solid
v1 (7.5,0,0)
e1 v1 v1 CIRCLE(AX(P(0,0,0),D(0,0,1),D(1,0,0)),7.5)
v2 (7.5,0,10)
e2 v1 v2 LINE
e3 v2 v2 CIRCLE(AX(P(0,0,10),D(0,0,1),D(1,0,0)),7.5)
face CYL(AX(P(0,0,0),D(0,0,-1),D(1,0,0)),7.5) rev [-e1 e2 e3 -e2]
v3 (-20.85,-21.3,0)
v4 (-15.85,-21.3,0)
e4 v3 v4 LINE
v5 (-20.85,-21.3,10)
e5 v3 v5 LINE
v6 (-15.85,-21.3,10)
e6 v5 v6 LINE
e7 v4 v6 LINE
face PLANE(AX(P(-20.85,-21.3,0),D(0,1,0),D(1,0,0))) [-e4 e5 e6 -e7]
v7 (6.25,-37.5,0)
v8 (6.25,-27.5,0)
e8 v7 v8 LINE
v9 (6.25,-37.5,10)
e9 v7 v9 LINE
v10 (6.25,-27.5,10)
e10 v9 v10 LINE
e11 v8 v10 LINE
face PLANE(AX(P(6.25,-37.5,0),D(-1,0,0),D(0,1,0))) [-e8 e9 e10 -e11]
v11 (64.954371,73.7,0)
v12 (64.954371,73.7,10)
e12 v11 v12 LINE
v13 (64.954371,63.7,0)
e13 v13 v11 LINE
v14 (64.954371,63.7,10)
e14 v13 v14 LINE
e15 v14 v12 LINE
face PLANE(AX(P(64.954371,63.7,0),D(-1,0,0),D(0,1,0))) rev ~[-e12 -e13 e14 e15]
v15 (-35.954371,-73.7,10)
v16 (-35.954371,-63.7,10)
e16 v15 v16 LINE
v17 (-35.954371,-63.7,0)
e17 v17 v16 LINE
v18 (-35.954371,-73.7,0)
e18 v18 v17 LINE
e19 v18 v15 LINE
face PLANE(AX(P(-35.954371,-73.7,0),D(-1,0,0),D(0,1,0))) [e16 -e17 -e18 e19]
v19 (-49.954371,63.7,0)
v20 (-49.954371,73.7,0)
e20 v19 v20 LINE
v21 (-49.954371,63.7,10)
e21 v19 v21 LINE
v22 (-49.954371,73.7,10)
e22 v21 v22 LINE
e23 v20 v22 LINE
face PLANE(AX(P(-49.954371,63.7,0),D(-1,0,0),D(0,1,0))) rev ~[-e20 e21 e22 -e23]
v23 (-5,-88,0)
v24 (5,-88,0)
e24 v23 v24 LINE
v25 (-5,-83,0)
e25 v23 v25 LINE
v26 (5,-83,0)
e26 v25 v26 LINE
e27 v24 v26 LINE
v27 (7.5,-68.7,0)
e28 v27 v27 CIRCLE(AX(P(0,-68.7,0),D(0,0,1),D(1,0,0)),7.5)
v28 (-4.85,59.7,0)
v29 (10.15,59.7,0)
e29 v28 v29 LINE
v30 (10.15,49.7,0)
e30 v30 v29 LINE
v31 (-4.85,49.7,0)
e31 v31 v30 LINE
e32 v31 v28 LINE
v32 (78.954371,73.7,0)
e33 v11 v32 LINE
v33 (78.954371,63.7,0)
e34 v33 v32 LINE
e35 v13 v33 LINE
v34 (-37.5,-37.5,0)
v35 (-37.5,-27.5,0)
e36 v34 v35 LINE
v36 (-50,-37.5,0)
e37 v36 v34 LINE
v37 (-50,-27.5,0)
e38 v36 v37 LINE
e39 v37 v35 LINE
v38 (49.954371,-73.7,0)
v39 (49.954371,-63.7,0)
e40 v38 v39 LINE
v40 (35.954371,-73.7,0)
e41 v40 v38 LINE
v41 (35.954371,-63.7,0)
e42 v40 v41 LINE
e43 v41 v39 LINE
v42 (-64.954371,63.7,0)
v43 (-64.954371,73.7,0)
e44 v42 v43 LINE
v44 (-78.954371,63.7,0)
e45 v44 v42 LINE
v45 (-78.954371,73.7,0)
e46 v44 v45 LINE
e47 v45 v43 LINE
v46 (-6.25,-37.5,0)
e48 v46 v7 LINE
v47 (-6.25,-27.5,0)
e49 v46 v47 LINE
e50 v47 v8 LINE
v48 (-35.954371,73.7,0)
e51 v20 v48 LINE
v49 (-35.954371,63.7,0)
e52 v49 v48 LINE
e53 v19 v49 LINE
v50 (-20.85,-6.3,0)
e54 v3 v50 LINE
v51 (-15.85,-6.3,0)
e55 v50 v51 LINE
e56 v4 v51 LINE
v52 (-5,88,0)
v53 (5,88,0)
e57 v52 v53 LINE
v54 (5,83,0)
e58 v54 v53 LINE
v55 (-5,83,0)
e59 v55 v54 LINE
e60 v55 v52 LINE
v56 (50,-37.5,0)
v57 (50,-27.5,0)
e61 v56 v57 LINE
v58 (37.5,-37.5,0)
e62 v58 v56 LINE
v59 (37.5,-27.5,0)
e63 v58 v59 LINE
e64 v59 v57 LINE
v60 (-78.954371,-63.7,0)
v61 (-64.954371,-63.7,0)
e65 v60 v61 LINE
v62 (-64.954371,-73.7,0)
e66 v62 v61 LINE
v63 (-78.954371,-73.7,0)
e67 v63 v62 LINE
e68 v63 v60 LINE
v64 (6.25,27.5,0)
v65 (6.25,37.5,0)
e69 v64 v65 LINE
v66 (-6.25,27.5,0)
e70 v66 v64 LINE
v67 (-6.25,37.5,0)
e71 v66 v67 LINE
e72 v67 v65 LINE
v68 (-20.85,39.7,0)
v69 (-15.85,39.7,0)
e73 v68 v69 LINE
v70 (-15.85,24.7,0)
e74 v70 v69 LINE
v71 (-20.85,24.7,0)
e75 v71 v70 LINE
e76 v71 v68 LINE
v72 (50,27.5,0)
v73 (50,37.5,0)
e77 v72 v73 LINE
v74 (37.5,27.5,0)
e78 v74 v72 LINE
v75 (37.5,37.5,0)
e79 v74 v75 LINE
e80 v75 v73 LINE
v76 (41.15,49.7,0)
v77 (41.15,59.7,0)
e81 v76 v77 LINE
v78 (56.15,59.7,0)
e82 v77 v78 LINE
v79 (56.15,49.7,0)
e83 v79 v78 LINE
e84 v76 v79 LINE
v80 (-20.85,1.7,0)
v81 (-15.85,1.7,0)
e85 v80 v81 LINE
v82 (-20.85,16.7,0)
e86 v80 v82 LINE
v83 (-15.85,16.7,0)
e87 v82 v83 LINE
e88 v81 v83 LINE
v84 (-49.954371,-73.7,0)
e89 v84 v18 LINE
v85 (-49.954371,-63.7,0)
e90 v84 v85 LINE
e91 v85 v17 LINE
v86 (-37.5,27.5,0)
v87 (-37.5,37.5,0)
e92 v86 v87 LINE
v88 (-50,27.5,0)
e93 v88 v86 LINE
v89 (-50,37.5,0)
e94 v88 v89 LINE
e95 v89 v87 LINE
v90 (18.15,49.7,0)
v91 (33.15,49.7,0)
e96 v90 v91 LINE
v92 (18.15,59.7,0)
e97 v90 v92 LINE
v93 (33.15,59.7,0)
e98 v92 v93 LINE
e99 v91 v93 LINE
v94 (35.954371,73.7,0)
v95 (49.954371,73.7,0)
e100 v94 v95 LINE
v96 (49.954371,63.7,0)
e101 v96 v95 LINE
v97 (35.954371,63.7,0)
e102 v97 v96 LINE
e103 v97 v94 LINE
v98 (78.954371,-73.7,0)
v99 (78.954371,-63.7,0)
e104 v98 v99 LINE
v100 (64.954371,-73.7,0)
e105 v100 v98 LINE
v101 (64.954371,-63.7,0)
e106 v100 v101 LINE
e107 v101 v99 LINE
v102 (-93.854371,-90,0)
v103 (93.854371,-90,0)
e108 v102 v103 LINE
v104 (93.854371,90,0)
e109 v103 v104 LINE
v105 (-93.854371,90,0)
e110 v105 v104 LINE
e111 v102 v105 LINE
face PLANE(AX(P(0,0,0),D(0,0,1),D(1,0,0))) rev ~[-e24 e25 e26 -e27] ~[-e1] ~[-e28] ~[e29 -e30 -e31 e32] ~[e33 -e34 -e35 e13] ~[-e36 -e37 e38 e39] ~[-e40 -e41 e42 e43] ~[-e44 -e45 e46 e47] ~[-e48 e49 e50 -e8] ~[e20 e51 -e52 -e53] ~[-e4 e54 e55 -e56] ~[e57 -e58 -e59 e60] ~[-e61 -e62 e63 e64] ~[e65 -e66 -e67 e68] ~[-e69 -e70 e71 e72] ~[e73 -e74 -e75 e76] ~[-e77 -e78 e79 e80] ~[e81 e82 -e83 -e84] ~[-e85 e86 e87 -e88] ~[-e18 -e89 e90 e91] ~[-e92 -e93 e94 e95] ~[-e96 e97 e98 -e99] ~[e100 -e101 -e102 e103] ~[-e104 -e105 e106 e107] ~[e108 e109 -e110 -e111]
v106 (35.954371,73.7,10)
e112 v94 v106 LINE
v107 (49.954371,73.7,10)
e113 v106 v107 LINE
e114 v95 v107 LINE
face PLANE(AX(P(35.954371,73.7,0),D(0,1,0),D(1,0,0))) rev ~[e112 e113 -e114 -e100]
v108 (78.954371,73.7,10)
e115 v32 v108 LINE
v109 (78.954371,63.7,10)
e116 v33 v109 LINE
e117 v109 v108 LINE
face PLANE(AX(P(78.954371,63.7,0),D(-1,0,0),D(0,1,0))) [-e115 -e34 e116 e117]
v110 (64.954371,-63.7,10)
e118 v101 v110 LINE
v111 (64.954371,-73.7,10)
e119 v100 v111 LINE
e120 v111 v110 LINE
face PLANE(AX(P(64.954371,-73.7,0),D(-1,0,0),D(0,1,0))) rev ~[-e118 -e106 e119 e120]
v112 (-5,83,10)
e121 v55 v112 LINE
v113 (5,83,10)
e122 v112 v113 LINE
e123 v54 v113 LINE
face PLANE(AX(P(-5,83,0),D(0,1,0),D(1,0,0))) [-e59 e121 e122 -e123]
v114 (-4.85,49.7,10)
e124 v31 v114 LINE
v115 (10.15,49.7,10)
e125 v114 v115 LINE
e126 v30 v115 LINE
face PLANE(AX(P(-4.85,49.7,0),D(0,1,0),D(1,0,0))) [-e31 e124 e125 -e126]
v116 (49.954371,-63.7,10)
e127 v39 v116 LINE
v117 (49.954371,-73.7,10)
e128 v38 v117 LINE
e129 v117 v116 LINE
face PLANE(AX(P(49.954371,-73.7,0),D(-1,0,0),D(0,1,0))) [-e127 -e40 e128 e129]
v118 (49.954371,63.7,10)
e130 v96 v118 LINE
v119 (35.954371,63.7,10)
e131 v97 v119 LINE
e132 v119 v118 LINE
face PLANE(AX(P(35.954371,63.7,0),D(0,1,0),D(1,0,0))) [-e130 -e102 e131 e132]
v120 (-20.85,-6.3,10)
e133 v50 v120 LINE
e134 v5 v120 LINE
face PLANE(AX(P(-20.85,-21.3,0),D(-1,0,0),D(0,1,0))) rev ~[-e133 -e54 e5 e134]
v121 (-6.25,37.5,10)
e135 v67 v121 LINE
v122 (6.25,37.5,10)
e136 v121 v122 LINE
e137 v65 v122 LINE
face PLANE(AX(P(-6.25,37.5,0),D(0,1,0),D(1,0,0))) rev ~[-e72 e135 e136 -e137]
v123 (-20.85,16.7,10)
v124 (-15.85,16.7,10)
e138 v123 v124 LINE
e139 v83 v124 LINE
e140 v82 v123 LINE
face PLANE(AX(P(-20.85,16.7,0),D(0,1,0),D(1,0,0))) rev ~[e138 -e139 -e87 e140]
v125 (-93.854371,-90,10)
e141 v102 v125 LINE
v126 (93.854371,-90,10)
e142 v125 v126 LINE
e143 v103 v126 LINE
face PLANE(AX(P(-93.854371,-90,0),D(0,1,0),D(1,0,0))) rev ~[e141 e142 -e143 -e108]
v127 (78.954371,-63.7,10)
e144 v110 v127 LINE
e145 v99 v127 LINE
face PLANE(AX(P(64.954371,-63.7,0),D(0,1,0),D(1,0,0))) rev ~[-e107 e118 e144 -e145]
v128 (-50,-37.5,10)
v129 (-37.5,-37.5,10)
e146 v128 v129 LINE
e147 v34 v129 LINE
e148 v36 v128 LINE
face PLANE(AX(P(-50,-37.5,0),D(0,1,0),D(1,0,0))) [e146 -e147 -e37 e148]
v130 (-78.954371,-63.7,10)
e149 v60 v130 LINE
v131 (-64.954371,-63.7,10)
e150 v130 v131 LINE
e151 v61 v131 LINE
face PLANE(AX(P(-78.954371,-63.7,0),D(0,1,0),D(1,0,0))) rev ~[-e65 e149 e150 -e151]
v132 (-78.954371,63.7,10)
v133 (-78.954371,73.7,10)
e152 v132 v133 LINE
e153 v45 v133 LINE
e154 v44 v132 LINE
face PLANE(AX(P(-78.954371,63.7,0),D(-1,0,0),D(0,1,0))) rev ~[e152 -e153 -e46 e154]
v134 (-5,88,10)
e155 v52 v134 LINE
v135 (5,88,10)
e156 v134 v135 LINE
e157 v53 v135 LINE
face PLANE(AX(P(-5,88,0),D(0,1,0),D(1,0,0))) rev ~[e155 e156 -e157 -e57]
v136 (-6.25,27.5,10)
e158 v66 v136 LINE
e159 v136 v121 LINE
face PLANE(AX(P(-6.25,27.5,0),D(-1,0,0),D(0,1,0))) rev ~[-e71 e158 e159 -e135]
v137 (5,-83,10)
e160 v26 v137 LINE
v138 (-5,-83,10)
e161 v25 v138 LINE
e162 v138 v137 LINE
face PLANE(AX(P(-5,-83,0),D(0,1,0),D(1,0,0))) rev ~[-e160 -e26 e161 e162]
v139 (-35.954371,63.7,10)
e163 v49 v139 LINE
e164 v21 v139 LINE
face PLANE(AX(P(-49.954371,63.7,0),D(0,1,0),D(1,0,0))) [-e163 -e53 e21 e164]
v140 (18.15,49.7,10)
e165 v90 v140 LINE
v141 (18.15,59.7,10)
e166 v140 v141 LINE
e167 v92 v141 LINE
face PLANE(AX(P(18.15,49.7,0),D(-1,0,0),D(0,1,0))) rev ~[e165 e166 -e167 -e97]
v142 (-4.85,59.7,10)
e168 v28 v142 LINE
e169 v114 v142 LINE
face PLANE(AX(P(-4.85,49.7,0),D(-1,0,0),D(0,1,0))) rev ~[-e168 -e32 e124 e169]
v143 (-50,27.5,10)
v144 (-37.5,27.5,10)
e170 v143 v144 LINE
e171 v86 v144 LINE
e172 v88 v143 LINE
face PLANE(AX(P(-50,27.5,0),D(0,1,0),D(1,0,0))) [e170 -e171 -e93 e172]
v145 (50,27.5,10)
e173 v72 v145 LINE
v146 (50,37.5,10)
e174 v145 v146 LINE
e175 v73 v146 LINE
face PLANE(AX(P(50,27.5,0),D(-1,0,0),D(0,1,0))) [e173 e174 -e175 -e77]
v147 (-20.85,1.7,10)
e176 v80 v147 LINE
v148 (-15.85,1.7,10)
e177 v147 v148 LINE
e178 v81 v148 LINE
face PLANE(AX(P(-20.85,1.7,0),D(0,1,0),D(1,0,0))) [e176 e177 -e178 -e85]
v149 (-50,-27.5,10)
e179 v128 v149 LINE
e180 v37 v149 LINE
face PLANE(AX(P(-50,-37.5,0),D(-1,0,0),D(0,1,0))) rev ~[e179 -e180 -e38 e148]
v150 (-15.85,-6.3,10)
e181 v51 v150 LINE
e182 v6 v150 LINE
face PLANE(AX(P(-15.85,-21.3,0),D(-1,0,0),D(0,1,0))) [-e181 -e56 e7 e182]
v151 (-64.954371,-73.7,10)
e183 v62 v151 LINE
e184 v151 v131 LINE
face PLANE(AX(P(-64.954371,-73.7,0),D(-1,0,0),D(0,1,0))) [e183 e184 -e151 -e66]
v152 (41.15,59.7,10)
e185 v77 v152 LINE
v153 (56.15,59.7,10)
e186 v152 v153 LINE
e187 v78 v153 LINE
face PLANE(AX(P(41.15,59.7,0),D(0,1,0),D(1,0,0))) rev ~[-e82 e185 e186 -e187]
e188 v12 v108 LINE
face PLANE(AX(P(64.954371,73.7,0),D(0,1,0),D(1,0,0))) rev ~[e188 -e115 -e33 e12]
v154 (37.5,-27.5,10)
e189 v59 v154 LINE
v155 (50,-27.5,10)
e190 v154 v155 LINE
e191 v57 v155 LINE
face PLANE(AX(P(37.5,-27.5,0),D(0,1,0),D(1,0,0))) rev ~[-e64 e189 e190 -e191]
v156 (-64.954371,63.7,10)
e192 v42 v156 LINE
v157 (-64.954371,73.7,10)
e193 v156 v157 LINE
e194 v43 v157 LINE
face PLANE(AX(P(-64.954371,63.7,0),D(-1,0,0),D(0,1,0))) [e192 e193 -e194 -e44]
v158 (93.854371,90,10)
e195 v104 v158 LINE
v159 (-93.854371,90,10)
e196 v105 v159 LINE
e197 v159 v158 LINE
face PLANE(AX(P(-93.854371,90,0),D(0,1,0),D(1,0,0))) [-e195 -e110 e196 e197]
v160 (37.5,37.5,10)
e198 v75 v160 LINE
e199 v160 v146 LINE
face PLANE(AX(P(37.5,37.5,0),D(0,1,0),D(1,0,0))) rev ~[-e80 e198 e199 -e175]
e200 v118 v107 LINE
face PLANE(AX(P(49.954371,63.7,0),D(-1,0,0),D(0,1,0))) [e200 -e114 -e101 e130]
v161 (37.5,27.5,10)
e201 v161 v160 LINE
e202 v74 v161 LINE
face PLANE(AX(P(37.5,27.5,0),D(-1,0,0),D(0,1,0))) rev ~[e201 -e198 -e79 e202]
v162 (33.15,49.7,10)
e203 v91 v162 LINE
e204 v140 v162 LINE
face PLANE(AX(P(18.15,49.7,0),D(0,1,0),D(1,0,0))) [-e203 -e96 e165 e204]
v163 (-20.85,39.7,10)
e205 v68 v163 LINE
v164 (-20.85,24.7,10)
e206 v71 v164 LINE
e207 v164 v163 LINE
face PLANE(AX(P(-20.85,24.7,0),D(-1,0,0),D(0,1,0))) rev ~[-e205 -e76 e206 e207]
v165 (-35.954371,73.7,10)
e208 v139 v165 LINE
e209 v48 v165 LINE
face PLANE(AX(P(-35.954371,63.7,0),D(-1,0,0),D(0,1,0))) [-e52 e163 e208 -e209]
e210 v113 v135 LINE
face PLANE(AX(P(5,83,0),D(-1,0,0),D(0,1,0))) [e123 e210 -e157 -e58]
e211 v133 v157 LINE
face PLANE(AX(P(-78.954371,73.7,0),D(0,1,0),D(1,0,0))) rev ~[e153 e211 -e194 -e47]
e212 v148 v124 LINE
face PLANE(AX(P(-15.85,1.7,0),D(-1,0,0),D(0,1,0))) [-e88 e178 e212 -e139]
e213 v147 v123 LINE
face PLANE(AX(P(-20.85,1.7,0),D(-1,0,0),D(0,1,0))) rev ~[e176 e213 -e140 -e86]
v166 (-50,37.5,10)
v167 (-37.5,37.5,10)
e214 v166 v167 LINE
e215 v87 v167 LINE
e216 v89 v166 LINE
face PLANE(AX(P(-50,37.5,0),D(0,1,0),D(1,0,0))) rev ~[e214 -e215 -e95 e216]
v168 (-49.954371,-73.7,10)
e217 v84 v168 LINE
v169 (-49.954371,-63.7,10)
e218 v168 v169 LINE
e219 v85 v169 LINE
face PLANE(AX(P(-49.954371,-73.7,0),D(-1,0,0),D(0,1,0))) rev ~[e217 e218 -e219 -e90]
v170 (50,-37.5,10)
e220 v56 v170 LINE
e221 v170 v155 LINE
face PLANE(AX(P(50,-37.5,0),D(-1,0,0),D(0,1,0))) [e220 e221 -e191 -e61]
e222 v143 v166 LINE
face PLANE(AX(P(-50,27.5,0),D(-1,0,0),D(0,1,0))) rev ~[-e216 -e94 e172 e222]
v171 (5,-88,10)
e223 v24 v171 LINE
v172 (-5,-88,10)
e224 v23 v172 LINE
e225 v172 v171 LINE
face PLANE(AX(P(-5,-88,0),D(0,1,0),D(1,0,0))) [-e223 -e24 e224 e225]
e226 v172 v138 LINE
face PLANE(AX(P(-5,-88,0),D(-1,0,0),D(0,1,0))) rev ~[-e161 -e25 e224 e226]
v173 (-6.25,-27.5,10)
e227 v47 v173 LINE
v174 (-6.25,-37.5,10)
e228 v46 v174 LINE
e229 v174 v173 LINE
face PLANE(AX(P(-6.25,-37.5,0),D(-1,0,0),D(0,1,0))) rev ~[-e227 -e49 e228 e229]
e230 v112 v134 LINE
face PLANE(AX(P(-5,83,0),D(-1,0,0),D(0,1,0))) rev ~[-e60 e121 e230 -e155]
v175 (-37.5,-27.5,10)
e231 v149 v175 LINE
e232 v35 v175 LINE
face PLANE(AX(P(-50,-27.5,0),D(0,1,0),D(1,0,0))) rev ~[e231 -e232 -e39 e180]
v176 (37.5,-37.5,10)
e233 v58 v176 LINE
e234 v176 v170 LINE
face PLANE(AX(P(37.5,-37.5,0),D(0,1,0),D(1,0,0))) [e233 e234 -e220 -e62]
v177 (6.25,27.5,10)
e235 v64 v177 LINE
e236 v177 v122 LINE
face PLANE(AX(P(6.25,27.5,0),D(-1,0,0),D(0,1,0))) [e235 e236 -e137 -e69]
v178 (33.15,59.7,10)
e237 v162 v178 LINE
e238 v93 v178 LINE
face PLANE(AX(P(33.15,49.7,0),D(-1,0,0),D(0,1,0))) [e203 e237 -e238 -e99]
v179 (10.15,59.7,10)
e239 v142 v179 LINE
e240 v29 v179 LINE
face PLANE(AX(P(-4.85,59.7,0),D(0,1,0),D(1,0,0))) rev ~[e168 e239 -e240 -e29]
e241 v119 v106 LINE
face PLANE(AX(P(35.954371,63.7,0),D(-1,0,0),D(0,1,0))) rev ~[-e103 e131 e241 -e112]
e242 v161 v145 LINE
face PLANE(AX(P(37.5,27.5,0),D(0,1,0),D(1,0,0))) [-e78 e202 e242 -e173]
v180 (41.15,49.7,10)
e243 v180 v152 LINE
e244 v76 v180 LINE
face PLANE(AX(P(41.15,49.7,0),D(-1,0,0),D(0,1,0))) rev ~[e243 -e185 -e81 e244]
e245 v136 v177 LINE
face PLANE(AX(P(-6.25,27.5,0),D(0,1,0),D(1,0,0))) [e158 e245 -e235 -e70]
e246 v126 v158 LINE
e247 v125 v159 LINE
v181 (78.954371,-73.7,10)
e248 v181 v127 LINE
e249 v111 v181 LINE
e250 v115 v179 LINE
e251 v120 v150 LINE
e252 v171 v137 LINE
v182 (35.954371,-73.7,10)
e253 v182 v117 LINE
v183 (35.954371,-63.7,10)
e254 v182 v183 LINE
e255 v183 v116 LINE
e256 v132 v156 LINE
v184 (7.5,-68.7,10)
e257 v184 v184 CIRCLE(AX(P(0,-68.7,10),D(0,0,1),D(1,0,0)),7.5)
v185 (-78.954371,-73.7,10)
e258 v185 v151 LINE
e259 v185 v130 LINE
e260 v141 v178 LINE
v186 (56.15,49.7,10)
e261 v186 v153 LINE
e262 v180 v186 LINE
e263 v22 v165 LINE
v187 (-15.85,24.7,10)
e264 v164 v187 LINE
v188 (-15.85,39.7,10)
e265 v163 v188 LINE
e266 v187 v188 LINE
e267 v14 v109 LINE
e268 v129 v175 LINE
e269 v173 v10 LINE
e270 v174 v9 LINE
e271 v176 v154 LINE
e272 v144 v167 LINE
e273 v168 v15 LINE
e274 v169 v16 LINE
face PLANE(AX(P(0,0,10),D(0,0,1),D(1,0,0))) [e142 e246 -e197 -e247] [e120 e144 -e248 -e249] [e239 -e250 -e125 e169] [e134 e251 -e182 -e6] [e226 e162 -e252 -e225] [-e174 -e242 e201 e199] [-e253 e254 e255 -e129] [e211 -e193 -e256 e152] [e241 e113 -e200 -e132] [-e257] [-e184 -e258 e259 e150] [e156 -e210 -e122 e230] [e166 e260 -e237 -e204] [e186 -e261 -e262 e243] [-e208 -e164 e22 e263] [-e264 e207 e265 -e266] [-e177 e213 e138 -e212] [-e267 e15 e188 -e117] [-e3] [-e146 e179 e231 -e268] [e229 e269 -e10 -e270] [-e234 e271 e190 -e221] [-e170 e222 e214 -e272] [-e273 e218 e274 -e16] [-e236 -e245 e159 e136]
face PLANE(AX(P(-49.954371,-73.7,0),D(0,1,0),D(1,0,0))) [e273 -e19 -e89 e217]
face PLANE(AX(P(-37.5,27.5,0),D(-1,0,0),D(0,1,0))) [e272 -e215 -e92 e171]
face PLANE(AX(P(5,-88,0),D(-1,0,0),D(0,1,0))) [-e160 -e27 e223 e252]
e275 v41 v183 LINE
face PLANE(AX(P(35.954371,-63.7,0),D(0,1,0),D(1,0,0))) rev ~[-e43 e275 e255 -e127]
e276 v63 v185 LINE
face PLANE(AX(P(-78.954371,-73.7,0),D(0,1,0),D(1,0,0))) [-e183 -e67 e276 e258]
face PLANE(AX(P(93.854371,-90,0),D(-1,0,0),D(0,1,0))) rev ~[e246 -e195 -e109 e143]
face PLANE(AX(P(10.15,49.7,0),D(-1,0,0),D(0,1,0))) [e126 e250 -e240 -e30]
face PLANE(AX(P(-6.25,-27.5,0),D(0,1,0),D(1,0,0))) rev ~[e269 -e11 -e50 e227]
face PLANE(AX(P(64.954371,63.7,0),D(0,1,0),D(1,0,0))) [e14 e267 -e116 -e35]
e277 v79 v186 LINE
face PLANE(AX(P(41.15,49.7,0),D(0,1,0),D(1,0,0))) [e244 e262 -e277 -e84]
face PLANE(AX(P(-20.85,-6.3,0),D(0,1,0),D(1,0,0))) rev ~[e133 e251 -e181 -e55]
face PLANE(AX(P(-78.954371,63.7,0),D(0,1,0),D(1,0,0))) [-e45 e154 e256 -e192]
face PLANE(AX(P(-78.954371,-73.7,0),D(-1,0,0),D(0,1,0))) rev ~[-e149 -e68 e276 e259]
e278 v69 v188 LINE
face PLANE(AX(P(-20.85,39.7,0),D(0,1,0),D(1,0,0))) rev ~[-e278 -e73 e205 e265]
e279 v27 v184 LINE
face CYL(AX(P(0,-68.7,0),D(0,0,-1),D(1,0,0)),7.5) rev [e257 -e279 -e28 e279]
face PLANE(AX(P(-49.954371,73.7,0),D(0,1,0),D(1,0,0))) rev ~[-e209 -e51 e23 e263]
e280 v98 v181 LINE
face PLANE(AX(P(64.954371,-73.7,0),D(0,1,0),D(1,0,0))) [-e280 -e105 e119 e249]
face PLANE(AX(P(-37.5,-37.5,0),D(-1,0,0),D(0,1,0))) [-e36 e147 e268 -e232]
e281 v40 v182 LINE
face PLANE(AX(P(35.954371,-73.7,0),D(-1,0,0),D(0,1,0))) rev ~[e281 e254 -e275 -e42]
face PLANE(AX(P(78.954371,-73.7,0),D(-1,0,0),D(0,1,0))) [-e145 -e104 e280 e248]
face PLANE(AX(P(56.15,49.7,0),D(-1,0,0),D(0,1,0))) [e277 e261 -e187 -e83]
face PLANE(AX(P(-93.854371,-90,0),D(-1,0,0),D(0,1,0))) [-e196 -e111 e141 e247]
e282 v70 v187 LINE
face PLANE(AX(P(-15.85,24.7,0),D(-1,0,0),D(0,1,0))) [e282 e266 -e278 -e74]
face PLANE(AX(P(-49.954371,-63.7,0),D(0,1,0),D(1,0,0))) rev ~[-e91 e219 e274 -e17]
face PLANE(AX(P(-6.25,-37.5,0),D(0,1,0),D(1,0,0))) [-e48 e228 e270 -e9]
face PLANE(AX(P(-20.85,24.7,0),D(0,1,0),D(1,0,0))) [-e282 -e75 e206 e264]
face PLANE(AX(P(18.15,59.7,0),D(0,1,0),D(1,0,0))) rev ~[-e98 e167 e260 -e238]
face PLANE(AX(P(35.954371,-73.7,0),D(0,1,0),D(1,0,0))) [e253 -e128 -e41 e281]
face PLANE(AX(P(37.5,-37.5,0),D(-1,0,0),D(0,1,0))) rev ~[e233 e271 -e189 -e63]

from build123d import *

# Parameters (mm, degrees)
SKETCH1_W           = 187.7087417
SKETCH1_H           = 180
SKETCH1_W_2         = 14
SKETCH1_H_2         = 10
SKETCH1_W_3         = 12.5
SKETCH1_W_4         = 5
SKETCH1_H_3         = 15
SKETCH1_W_5         = 10
SKETCH1_H_4         = 5
SKETCH1_R           = 7.5
SKETCH1_W_6         = 15
BOSS_EXTRUDE1_DEPTH = 10


with BuildPart() as part:
    # Sketch1 → Boss-Extrude1 (new body)
    with BuildSketch(Plane.XY):
        Rectangle(SKETCH1_W, SKETCH1_H)
        with Locations((-71.95437085, -68.7)):
            Rectangle(SKETCH1_W_2, SKETCH1_H_2, mode=Mode.SUBTRACT)
        with Locations((-42.95437085, -68.7)):
            Rectangle(SKETCH1_W_2, SKETCH1_H_2, mode=Mode.SUBTRACT)
        with Locations((-43.75, -32.5)):
            Rectangle(SKETCH1_W_3, SKETCH1_H_2, mode=Mode.SUBTRACT)
        with Locations((-18.35, -13.8)):
            Rectangle(SKETCH1_W_4, SKETCH1_H_3, mode=Mode.SUBTRACT)
        with Locations((0, -85.5)):
            Rectangle(SKETCH1_W_5, SKETCH1_H_4, mode=Mode.SUBTRACT)
        with Locations((0, -68.7)):
            Circle(SKETCH1_R, mode=Mode.SUBTRACT)
        with Locations((42.95437085, -68.7)):
            Rectangle(SKETCH1_W_2, SKETCH1_H_2, mode=Mode.SUBTRACT)
        with Locations((71.95437085, -68.7)):
            Rectangle(SKETCH1_W_2, SKETCH1_H_2, mode=Mode.SUBTRACT)
        with Locations((0, -32.5)):
            Rectangle(SKETCH1_W_3, SKETCH1_H_2, mode=Mode.SUBTRACT)
        with Locations((43.75, -32.5)):
            Rectangle(SKETCH1_W_3, SKETCH1_H_2, mode=Mode.SUBTRACT)
        Circle(SKETCH1_R, mode=Mode.SUBTRACT)
        with Locations((-18.35, 9.2)):
            Rectangle(SKETCH1_W_4, SKETCH1_H_3, mode=Mode.SUBTRACT)
        with Locations((-43.75, 32.5)):
            Rectangle(SKETCH1_W_3, SKETCH1_H_2, mode=Mode.SUBTRACT)
        with Locations((-18.35, 32.2)):
            Rectangle(SKETCH1_W_4, SKETCH1_H_3, mode=Mode.SUBTRACT)
        with Locations((-71.95437085, 68.7)):
            Rectangle(SKETCH1_W_2, SKETCH1_H_2, mode=Mode.SUBTRACT)
        with Locations((-42.95437085, 68.7)):
            Rectangle(SKETCH1_W_2, SKETCH1_H_2, mode=Mode.SUBTRACT)
        with Locations((0, 32.5)):
            Rectangle(SKETCH1_W_3, SKETCH1_H_2, mode=Mode.SUBTRACT)
        with Locations((43.75, 32.5)):
            Rectangle(SKETCH1_W_3, SKETCH1_H_2, mode=Mode.SUBTRACT)
        with Locations((2.65, 54.7)):
            Rectangle(SKETCH1_W_6, SKETCH1_H_2, mode=Mode.SUBTRACT)
        with Locations((25.65, 54.7)):
            Rectangle(SKETCH1_W_6, SKETCH1_H_2, mode=Mode.SUBTRACT)
        with Locations((0, 85.5)):
            Rectangle(SKETCH1_W_5, SKETCH1_H_4, mode=Mode.SUBTRACT)
        with Locations((42.95437085, 68.7)):
            Rectangle(SKETCH1_W_2, SKETCH1_H_2, mode=Mode.SUBTRACT)
        with Locations((48.65, 54.7)):
            Rectangle(SKETCH1_W_6, SKETCH1_H_2, mode=Mode.SUBTRACT)
        with Locations((71.95437085, 68.7)):
            Rectangle(SKETCH1_W_2, SKETCH1_H_2, mode=Mode.SUBTRACT)
    extrude(amount=BOSS_EXTRUDE1_DEPTH)


solid = part.part
